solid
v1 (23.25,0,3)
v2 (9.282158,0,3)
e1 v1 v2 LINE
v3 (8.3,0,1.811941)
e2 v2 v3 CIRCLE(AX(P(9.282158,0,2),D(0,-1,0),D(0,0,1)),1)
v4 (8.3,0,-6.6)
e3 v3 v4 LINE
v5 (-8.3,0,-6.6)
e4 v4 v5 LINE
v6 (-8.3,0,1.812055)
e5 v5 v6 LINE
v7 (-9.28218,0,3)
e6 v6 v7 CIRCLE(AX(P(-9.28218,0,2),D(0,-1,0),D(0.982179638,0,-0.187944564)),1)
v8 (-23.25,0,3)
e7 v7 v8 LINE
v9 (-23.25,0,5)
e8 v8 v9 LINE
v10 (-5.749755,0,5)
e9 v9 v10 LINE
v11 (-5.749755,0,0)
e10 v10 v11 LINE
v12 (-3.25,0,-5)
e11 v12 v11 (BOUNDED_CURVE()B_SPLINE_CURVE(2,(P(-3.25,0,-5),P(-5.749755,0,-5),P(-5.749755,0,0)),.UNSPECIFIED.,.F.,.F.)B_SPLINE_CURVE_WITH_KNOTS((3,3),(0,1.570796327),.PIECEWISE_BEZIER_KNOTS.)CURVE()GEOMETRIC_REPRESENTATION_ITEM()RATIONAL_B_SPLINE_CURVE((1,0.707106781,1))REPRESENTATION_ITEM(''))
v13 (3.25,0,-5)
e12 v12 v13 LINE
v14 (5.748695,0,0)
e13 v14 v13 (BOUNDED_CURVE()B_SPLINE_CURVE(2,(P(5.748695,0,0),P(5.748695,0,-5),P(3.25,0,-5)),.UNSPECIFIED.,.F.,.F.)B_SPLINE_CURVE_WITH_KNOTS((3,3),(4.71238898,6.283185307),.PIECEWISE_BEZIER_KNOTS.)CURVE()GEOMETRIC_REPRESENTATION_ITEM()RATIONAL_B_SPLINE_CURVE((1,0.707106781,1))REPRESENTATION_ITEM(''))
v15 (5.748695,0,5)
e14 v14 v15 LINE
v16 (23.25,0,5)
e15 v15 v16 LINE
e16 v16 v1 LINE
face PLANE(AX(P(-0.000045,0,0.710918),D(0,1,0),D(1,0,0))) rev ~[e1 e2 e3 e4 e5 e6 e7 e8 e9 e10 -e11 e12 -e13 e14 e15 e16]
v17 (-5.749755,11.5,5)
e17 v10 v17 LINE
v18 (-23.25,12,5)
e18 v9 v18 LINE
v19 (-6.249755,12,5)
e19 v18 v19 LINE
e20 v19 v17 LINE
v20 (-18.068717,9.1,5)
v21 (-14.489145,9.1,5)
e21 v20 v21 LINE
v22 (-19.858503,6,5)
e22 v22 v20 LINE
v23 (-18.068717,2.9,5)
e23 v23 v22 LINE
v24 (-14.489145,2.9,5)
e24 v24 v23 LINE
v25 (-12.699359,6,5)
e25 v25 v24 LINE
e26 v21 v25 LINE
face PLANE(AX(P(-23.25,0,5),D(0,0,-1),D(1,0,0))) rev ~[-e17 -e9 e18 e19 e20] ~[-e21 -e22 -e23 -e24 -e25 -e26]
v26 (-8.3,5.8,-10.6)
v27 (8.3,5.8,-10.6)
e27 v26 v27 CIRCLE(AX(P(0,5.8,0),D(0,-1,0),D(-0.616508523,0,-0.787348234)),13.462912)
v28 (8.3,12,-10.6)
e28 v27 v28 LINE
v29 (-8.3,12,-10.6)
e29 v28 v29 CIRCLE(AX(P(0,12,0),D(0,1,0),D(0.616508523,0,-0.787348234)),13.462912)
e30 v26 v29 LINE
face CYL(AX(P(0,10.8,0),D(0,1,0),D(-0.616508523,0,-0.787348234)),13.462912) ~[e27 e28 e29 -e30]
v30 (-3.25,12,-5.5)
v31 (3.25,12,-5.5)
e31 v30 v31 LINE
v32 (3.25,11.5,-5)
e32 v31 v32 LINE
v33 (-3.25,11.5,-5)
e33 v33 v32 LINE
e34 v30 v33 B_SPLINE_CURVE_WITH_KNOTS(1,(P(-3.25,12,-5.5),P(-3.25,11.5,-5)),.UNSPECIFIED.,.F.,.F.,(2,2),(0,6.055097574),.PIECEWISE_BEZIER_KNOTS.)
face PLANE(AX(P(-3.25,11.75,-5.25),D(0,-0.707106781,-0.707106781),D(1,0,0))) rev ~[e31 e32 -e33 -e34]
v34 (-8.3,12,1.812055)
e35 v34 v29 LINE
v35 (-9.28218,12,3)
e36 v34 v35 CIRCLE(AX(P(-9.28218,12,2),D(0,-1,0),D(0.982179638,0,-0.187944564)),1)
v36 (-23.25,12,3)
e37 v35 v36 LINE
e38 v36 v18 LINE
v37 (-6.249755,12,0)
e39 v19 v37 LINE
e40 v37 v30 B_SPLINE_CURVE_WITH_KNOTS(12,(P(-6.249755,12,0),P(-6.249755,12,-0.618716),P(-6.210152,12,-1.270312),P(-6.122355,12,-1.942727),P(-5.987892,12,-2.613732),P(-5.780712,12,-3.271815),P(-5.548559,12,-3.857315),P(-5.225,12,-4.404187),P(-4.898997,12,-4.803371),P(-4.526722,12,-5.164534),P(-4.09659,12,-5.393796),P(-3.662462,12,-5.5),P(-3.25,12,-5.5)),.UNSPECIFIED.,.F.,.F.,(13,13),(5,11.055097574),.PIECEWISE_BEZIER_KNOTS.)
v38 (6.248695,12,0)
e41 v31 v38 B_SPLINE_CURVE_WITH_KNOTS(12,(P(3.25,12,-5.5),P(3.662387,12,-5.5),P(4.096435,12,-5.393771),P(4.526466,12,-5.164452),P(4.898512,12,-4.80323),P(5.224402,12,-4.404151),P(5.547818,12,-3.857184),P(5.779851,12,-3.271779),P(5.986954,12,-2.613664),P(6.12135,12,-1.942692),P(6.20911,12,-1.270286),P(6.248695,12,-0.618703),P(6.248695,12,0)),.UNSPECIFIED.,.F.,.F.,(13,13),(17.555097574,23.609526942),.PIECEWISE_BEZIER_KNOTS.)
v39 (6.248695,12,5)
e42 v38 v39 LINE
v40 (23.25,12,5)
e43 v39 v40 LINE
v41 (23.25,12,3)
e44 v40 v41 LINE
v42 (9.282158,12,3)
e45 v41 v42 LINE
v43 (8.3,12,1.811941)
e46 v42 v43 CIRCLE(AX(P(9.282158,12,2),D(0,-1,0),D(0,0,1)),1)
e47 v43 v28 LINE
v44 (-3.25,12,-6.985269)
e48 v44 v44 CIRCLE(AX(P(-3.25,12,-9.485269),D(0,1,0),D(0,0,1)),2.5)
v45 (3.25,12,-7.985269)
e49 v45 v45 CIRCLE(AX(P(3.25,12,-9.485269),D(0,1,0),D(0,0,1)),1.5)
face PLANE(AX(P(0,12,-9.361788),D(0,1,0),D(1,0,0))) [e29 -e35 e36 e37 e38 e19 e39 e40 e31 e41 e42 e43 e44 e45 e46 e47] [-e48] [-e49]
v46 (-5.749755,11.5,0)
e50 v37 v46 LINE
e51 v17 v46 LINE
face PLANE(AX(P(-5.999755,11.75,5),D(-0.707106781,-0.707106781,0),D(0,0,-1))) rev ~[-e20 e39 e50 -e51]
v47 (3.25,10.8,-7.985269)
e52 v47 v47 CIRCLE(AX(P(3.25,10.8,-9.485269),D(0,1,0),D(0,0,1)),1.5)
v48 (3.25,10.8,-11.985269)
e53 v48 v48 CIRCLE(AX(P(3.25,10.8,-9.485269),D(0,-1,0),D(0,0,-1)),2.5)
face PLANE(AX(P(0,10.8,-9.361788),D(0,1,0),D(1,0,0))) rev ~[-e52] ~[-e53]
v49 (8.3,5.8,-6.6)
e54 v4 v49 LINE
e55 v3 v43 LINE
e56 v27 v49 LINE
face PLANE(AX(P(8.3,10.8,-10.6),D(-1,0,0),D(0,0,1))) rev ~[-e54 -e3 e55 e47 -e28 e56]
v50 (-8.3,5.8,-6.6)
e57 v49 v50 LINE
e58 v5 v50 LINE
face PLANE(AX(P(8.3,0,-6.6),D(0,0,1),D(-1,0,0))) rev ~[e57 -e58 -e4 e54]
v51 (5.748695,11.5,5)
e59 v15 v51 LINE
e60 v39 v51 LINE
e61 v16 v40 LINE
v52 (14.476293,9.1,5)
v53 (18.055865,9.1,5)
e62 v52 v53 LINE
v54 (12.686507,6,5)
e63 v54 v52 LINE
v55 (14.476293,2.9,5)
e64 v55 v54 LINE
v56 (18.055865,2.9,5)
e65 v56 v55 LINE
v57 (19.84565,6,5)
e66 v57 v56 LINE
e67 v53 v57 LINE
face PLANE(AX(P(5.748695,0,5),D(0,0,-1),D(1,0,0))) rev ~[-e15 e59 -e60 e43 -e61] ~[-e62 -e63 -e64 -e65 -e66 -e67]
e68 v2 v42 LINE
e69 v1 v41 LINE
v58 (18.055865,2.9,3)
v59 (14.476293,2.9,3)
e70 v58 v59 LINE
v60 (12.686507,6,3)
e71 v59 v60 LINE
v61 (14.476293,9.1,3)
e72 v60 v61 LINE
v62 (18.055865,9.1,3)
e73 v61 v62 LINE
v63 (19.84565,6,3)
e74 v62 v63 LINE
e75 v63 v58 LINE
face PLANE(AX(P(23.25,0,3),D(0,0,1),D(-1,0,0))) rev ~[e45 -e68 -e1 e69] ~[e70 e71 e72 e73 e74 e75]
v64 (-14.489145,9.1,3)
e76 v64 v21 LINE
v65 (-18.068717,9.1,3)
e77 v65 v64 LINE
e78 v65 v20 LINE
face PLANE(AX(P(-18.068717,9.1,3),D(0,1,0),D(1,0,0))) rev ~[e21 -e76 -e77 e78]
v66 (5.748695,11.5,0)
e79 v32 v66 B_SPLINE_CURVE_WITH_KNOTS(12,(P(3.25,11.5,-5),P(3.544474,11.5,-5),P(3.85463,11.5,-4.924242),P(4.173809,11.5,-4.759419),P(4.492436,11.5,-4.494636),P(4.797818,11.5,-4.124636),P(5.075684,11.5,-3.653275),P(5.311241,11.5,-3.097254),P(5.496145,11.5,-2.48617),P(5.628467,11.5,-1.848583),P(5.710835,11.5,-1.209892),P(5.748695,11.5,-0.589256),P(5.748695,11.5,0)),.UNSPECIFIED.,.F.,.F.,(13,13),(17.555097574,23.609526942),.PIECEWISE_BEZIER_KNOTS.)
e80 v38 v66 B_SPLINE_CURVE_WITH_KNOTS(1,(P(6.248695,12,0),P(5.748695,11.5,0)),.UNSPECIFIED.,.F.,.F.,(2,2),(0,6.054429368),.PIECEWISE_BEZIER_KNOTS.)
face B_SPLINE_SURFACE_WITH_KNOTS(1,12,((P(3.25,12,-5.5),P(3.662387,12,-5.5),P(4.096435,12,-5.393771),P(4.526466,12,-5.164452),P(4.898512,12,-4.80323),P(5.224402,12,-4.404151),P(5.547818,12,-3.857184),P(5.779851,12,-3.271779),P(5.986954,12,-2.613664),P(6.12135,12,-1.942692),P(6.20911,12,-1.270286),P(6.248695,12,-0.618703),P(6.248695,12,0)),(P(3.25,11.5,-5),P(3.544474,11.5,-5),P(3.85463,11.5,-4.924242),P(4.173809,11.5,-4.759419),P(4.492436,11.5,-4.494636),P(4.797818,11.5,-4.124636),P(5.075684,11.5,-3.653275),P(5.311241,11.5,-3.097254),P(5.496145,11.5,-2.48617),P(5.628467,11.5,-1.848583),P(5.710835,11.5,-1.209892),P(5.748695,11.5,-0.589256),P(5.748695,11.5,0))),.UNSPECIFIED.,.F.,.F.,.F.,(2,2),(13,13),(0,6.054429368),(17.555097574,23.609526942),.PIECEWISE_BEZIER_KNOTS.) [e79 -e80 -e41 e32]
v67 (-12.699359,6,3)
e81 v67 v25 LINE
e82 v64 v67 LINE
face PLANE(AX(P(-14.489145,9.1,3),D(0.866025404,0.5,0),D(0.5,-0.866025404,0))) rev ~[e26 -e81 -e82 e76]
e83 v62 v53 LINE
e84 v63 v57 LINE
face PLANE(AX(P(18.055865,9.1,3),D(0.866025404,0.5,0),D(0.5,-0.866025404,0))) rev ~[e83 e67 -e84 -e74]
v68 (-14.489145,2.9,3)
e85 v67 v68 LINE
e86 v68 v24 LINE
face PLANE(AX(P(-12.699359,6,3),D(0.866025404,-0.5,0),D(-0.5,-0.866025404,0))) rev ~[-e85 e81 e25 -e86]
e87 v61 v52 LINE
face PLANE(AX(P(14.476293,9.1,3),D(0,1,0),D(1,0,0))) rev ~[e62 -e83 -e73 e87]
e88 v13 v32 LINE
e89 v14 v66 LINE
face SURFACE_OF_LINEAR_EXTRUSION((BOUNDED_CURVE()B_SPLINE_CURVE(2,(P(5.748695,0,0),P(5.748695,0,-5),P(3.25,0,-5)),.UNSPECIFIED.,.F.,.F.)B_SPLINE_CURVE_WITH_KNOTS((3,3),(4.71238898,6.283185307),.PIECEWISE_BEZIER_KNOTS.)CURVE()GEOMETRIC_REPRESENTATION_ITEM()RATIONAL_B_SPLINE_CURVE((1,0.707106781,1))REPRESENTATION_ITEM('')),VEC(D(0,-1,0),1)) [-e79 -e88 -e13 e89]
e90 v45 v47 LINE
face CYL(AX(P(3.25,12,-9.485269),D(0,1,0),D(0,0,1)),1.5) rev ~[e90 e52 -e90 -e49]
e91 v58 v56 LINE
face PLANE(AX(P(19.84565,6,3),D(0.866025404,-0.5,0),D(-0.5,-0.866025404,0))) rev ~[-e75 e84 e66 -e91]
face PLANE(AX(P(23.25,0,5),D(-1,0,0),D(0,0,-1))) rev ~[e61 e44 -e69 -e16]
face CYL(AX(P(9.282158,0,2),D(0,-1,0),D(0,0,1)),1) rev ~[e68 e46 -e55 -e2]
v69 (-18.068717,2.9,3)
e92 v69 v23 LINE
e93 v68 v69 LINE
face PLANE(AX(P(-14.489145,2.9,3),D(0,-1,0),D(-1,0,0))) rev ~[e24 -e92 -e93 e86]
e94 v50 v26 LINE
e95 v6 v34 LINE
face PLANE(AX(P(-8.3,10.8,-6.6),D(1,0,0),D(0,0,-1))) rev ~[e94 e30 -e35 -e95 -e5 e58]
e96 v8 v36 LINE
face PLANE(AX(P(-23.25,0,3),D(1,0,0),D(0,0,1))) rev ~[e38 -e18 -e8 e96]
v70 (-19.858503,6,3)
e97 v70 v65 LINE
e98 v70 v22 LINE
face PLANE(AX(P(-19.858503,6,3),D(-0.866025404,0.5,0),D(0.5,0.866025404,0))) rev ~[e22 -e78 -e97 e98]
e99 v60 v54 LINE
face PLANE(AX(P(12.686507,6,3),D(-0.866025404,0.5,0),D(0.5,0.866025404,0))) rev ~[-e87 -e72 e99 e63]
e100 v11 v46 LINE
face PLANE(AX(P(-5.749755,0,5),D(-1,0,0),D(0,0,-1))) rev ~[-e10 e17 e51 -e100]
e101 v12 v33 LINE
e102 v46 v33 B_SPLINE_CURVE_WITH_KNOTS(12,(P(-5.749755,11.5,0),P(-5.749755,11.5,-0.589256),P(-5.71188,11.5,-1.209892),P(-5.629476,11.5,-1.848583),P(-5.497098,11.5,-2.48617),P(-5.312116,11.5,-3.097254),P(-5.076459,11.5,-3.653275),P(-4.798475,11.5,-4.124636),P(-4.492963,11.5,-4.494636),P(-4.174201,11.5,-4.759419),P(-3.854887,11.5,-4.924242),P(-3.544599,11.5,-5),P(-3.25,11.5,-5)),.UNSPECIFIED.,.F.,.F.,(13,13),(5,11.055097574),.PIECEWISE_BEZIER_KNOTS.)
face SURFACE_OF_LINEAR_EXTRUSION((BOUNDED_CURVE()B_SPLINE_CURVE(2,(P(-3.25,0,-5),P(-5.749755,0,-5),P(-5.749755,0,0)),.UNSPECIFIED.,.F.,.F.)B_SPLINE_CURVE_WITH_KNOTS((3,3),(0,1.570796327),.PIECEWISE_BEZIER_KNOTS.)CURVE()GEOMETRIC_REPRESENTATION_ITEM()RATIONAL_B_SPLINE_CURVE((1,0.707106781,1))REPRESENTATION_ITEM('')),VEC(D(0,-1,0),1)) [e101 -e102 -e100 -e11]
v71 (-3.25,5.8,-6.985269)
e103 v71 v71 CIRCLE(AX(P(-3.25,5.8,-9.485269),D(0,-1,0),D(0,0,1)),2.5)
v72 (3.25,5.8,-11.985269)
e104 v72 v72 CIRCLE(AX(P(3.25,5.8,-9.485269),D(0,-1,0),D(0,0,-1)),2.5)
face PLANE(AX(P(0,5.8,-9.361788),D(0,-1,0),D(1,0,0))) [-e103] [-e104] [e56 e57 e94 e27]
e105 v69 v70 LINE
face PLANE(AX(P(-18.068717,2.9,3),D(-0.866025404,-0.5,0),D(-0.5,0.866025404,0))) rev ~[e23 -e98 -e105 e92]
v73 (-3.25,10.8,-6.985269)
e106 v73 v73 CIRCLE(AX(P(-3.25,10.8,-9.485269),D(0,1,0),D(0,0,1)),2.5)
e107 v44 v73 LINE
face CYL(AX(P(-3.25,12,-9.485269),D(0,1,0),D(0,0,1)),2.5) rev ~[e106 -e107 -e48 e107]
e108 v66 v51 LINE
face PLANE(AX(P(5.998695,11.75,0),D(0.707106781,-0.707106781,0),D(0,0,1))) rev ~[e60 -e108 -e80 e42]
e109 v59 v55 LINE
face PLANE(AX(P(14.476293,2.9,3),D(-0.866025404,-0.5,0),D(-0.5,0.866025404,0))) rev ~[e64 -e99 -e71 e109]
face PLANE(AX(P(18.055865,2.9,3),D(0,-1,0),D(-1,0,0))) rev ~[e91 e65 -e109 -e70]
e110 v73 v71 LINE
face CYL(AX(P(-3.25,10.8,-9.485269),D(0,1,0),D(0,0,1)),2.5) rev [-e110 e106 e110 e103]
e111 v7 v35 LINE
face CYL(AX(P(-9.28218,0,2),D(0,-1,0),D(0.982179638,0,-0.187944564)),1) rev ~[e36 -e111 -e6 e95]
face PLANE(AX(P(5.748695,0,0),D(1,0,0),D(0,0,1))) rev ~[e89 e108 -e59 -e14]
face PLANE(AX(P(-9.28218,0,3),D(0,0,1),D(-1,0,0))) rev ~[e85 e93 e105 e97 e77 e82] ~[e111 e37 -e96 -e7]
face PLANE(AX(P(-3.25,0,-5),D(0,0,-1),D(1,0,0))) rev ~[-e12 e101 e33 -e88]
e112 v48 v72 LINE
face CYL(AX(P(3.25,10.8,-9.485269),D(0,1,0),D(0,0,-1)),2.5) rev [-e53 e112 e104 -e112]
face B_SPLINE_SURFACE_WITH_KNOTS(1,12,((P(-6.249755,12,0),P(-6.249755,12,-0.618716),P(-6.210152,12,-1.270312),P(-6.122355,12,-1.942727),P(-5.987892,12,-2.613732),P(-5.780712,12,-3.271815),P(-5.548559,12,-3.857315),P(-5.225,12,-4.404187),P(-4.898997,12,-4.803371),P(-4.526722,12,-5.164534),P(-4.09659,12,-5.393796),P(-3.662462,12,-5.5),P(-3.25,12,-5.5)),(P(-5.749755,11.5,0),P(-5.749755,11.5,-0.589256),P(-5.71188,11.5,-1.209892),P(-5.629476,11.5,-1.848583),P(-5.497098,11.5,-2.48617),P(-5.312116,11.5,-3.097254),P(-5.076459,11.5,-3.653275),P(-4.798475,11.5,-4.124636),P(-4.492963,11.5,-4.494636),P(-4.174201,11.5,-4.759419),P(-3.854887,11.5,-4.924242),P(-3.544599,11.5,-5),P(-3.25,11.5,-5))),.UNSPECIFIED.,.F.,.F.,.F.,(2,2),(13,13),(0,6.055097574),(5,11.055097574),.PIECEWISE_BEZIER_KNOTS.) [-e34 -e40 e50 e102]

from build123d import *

# Parameters (mm, degrees)
BOSS_EXTRUDE1_DEPTH = 12
CUT_EXTRUDE1_DEPTH  = 10
SKETCH3_R           = 2.5
SKETCH3_R_2         = 1.5
BOSS_EXTRUDE2_DEPTH = 1.2
SKETCH4_R           = 2.5
BOSS_EXTRUDE3_DEPTH = 5
CHAMFER1_SIZE       = 0.5


with BuildPart() as part:
    # Sketch1 → Boss-Extrude1 (new body)
    with BuildSketch(Plane(origin=(0, 0, 0), x_dir=(1, 0, 0), z_dir=(0, 1, 0))):
        with BuildLine():
            Line((-23.25, -5), (-5.749755012, -5))
            Line((-5.749755012, -5), (-5.749755012, 0))
            add(Edge.make_bspline(
                [(-3.25, 5), (-5.749755012, 5), (-5.749755012, 0)],
                knots=[0, 0, 0, 1.570796327, 1.570796327, 1.570796327], degree=2, weights=[1, 0.707106781, 1]))
            Line((-3.25, 5), (3.25, 5))
            add(Edge.make_bspline(
                [(5.748694825, 0), (5.748694825, 5), (3.25, 5)],
                knots=[4.71238898, 4.71238898, 4.71238898, 6.283185307, 6.283185307, 6.283185307], degree=2, weights=[1, 0.707106781, 1]))
            Line((5.748694825, 0), (5.748694825, -5))
            Line((5.748694825, -5), (23.25, -5))
            Line((23.25, -5), (23.25, -3))
            Line((23.25, -3), (9.282157642, -3))
            ThreePointArc((9.282157642, -3), (8.511424396, -2.637157958), (8.3, -1.811940526))
            Line((8.3, -1.811940526), (8.3, 6.6))
            Line((8.3, 6.6), (-8.3, 6.6))
            Line((-8.3, 6.6), (-8.3, -1.812055437))
            ThreePointArc((-8.3, -1.812055437), (-8.511483666, -2.637203044), (-9.282179638, -3))
            Line((-9.282179638, -3), (-23.25, -3))
            Line((-23.25, -3), (-23.25, -5))
        make_face()
    extrude(amount=BOSS_EXTRUDE1_DEPTH)

    # Sketch2 → Cut-Extrude1 (cut)
    with BuildSketch(Plane(origin=(0, 0, 3), x_dir=(-1, 0, 0), z_dir=(0, 0, -1))):
        Polygon((19.85850269, 6), (18.068716856, 9.1), (14.489145187, 9.1), (12.699359352, 6), (14.489145187, 2.9), (18.068716856, 2.9), align=None)
        Polygon((-12.686507152, 6), (-14.476292987, 9.1), (-18.055864656, 9.1), (-19.84565049, 6), (-18.055864656, 2.9), (-14.476292987, 2.9), align=None)
    extrude(amount=-CUT_EXTRUDE1_DEPTH, mode=Mode.SUBTRACT)

    # Sketch3 → Boss-Extrude2 (add)
    with BuildSketch(Plane(origin=(0, 12, 0), x_dir=(1, 0, 0), z_dir=(0, 1, 0))):
        with BuildLine():
            Line((-8.3, 6.6), (8.3, 6.6))
            Line((8.3, 6.6), (8.3, 10.6))
            ThreePointArc((8.3, 10.6), (0, 13.462912018), (-8.3, 10.6))
            Line((-8.3, 10.6), (-8.3, 6.6))
        make_face()
        with Locations(Location((-3.25, 9.48526903, 0), (0, 0, 270))):
            Circle(SKETCH3_R, mode=Mode.SUBTRACT)
        with Locations(Location((3.25, 9.48526903, 0), (0, 0, 270))):
            Circle(SKETCH3_R_2, mode=Mode.SUBTRACT)
    extrude(amount=-BOSS_EXTRUDE2_DEPTH)

    # Sketch4 → Boss-Extrude3 (add)
    with BuildSketch(Plane.XZ.offset(-10.8)):
        with BuildLine():
            Line((8.3, -6.6), (-8.3, -6.6))
            Line((-8.3, -6.6), (-8.3, -10.6))
            ThreePointArc((-8.3, -10.6), (0, -13.462912018), (8.3, -10.6))
            Line((8.3, -10.6), (8.3, -6.6))
        make_face()
        with Locations(Location((-3.25, -9.48526903, 0), (0, 0, 90))):
            Circle(SKETCH4_R, mode=Mode.SUBTRACT)
        with Locations(Location((3.25, -9.48526903, 0), (0, 0, 270))):
            Circle(SKETCH4_R, mode=Mode.SUBTRACT)
    extrude(amount=BOSS_EXTRUDE3_DEPTH)

    # Chamfer1
    chamfer1_edges = [part.edges().sort_by_distance(p)[0] for p in [
        (0, 12, -5),
        (-5.260112096, 12, -2.972310439),
        (5.259369228, 12, -2.972013605),
        (-5.749755012, 12, 2.5),
        (5.748694825, 12, 2.5),
    ]]
    chamfer(chamfer1_edges, length=CHAMFER1_SIZE)


solid = part.part
